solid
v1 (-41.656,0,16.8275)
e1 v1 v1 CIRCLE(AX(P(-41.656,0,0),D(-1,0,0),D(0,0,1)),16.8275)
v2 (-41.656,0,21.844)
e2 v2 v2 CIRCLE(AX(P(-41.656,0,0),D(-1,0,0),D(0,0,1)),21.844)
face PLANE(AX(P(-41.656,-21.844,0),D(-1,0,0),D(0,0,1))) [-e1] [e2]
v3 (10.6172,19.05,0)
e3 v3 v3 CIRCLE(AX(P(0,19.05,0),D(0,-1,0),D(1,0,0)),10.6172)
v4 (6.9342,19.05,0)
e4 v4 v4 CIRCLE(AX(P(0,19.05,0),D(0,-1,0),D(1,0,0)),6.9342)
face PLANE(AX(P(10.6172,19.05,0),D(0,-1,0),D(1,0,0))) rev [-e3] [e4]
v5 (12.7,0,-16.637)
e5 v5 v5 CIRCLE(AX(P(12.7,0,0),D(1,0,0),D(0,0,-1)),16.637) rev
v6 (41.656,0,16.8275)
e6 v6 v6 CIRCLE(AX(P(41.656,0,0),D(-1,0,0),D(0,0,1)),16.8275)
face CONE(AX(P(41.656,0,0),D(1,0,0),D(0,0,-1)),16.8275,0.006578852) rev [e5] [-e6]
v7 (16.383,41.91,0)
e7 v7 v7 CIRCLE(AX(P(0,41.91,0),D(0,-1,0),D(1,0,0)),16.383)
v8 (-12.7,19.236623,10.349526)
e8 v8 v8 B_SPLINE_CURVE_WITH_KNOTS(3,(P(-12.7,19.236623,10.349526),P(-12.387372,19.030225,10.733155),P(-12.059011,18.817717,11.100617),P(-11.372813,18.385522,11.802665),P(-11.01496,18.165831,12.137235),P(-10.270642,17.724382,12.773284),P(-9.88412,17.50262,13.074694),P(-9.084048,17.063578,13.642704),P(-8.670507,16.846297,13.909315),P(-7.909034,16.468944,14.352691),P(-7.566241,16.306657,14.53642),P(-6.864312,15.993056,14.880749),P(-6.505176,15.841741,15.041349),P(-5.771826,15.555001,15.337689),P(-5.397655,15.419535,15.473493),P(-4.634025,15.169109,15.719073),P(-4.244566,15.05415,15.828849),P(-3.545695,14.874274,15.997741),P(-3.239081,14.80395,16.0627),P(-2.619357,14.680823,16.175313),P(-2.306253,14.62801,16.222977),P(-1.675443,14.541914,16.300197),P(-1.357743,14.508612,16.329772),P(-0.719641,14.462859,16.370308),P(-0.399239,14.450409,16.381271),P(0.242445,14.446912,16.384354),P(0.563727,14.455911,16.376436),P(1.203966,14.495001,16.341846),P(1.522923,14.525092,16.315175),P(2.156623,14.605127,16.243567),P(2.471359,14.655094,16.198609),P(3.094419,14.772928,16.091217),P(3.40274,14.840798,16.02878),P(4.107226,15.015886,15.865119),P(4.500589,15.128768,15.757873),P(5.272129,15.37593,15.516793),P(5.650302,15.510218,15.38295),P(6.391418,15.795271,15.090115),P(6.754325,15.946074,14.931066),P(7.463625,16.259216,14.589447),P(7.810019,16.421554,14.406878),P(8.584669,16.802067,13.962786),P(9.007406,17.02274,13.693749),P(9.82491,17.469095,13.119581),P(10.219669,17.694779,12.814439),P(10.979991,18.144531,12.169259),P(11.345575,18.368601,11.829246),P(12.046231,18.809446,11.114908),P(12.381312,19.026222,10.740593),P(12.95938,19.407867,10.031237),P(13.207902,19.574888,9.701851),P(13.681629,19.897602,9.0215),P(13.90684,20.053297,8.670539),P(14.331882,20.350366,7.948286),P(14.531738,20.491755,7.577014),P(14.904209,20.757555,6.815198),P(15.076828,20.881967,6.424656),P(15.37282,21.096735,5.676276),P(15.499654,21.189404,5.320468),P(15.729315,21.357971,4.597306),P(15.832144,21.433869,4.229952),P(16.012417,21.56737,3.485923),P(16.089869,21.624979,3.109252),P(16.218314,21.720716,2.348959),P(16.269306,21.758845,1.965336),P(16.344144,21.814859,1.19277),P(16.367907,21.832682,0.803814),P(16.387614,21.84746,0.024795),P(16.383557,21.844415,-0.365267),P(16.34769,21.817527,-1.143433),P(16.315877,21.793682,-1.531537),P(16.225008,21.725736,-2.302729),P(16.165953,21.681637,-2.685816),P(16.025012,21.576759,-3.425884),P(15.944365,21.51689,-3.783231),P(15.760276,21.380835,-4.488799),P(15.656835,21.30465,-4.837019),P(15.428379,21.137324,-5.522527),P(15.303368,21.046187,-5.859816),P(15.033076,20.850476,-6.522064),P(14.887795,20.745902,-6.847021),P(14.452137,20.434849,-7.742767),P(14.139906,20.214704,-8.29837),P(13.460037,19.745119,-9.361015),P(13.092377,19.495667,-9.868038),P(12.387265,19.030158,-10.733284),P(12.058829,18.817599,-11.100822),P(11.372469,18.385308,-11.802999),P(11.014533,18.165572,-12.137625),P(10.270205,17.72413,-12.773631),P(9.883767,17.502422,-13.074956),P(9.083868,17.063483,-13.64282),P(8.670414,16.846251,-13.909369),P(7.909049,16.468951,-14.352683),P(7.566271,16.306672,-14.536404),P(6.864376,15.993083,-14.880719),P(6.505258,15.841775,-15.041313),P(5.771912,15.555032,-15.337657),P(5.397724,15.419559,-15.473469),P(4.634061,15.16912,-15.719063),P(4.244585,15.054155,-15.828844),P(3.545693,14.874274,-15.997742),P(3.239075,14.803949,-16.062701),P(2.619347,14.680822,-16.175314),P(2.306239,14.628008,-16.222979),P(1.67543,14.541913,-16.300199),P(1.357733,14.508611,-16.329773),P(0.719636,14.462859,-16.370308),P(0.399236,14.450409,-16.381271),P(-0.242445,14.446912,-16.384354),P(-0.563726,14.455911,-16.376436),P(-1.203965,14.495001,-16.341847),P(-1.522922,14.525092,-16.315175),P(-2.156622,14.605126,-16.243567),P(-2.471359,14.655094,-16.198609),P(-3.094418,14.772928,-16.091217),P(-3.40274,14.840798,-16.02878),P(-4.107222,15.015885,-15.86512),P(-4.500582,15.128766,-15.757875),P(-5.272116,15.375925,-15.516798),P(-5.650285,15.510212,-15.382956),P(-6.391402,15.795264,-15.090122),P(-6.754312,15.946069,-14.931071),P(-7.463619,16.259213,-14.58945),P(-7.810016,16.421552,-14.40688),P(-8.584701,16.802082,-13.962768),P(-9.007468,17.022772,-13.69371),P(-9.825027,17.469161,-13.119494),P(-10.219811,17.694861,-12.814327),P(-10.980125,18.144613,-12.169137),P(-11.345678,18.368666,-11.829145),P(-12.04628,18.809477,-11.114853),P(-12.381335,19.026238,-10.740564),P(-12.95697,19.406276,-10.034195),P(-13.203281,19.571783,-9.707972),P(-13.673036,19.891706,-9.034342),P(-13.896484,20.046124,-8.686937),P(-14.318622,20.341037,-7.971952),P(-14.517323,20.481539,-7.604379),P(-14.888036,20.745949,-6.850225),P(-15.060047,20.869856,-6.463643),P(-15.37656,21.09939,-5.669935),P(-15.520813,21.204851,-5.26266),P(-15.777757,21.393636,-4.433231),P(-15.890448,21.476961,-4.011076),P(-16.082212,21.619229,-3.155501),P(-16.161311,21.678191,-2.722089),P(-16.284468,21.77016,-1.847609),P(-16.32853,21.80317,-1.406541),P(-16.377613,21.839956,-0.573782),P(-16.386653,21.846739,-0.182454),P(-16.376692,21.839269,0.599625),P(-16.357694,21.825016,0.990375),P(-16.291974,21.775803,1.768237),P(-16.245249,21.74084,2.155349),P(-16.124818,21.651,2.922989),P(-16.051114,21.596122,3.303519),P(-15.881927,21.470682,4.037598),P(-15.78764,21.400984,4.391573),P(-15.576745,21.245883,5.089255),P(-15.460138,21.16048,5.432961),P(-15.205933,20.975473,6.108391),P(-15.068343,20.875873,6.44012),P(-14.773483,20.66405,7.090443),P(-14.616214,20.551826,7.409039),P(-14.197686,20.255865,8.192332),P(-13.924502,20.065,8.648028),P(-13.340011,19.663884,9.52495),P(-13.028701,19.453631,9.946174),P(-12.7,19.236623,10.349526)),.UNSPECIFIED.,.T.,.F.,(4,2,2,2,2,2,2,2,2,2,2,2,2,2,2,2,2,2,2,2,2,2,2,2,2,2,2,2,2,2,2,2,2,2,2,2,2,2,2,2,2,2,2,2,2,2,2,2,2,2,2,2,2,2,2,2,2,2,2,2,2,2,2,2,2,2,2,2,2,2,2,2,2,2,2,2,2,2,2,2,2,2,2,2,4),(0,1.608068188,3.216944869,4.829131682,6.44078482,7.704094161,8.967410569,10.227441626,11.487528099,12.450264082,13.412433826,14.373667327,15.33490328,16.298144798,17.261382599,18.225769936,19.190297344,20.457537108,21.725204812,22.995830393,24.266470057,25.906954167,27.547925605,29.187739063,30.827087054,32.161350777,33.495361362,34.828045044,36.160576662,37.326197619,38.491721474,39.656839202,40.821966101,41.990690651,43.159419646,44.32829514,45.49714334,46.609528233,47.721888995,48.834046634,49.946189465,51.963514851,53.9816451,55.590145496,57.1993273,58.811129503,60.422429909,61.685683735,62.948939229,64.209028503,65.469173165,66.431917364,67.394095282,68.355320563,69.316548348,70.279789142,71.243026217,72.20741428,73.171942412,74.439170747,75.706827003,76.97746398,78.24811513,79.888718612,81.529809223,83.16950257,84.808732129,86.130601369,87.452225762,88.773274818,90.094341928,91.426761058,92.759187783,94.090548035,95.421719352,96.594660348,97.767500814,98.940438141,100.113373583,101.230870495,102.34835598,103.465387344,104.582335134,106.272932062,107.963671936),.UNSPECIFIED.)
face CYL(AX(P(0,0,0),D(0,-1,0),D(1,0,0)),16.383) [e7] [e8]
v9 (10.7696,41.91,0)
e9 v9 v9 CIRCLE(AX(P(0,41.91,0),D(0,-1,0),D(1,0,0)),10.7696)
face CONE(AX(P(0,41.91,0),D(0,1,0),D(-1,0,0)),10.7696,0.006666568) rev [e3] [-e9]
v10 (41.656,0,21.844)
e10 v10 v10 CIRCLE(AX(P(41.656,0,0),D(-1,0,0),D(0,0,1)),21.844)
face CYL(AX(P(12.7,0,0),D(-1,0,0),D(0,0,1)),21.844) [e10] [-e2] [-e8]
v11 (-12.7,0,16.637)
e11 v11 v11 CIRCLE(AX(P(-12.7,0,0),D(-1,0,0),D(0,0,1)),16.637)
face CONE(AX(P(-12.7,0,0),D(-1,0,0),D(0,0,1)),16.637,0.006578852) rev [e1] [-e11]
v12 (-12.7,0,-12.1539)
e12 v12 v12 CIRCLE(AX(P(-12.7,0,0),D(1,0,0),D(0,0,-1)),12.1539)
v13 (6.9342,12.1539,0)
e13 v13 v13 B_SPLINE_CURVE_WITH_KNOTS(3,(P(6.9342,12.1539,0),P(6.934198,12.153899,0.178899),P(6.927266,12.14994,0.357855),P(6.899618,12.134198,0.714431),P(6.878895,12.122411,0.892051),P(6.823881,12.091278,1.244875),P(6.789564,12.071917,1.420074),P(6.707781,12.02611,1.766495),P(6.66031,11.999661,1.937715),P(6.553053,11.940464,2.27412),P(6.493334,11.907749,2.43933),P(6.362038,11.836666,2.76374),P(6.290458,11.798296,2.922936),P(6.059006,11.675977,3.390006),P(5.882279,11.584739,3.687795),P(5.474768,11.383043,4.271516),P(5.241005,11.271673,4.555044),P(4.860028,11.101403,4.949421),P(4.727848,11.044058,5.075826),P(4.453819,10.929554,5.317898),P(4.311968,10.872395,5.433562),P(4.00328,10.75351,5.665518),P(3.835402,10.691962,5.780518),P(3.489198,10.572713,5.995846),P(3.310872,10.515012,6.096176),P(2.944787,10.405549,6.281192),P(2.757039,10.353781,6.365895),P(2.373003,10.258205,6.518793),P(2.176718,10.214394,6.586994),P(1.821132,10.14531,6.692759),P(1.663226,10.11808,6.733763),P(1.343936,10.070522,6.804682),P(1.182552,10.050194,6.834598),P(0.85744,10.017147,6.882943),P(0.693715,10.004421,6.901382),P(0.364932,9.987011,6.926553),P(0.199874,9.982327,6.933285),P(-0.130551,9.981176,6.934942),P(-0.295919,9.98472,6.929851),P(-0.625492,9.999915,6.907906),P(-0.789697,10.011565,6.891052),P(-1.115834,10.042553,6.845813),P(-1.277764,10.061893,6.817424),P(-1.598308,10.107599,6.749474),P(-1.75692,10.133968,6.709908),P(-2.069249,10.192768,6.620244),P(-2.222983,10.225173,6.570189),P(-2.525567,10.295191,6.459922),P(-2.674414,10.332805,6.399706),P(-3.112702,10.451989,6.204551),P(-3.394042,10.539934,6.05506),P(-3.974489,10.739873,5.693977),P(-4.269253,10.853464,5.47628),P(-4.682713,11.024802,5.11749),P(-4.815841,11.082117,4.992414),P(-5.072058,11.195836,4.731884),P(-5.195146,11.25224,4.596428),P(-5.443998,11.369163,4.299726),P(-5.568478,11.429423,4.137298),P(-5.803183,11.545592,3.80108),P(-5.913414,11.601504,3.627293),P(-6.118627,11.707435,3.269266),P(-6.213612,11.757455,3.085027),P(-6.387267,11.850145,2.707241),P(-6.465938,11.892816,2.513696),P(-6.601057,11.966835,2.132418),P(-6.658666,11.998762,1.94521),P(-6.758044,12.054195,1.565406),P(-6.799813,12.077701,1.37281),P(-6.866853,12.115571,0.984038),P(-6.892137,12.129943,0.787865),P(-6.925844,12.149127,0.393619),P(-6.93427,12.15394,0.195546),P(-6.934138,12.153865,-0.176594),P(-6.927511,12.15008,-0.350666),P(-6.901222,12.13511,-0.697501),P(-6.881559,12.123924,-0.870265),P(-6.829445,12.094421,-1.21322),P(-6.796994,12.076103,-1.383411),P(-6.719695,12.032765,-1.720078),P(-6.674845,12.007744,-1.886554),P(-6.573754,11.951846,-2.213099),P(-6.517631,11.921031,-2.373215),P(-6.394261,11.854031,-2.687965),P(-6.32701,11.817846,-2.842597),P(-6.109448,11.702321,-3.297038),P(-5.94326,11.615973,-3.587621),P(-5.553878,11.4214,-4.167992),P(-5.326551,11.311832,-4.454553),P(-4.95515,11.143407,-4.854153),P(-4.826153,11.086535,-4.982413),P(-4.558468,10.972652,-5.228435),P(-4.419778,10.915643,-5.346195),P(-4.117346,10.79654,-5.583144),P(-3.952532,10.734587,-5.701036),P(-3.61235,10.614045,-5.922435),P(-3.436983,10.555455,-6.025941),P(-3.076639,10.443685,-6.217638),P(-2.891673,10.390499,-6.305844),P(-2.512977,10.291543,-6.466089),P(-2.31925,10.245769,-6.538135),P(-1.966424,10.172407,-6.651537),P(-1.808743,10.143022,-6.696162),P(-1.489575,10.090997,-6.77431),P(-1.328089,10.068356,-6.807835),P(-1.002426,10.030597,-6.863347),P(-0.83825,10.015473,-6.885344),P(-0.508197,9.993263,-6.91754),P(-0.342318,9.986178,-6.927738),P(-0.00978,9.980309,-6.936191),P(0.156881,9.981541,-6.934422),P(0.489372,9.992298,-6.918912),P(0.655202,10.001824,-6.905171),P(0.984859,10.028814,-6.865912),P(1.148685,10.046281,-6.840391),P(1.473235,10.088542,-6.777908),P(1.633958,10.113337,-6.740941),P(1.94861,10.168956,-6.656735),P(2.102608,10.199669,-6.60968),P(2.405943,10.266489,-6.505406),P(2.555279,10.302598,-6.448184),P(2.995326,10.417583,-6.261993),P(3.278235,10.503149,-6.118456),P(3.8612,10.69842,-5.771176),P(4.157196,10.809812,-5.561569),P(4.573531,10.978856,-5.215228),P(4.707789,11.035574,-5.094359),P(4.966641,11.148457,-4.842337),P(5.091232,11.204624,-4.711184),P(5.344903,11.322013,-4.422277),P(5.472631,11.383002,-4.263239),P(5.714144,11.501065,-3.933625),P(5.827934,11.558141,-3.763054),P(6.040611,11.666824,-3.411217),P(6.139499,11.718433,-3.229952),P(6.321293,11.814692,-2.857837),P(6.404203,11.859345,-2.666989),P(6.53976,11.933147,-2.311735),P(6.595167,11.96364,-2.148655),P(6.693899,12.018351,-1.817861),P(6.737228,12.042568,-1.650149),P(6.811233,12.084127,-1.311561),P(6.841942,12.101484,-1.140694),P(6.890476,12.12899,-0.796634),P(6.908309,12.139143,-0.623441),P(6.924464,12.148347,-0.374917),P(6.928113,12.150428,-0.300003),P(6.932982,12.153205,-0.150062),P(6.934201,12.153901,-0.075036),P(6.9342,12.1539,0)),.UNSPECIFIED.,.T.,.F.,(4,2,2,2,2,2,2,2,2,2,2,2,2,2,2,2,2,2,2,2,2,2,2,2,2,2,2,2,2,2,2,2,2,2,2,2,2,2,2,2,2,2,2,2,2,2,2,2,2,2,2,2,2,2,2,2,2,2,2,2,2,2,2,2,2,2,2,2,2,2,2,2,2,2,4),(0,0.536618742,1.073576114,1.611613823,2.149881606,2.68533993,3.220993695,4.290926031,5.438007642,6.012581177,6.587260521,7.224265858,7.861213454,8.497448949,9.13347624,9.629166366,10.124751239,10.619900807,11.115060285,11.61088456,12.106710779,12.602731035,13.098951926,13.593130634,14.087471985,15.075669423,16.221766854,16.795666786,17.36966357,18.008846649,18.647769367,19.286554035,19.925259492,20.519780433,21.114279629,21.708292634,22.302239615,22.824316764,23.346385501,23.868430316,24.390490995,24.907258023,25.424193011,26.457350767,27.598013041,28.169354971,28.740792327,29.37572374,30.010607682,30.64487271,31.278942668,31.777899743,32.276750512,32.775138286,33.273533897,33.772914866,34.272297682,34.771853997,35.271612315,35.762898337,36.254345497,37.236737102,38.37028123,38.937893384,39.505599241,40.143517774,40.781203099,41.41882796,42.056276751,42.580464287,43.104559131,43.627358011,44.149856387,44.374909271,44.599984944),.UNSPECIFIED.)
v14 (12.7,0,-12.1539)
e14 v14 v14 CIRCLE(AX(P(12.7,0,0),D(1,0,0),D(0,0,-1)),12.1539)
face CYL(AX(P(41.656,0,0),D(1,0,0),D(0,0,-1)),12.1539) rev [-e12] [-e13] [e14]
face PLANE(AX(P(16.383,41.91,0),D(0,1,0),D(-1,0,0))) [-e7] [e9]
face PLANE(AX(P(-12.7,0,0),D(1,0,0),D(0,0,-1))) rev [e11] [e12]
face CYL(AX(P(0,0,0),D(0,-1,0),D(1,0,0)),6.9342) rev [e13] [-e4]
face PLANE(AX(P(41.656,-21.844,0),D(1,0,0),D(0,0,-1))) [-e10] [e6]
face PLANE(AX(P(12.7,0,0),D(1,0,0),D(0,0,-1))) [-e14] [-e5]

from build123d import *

# Parameters (mm, degrees)
SKETCH4_R           = 21.844
BOSS_EXTRUDE1_DEPTH = 25.4
SKETCH5_R           = 16.383
BOSS_EXTRUDE2_DEPTH = 19.05


with BuildPart() as part:
    # Sketch1 → Revolve1 (revolve)
    with BuildSketch(Plane.XY, mode=Mode.PRIVATE) as revolve1_sk:
        Polygon((-41.656, -21.844), (-12.7, -21.844), (-12.7, -16.637), (-41.656, -16.8275), align=None)
        Polygon((41.656, -16.8275), (12.7, -16.637), (12.7, -21.844), (41.656, -21.844), align=None)
    revolve(revolve1_sk.sketch.rotate(Axis((-41.656, 0, 0), (1, 0, 0)), 270), axis=Axis((-41.656, 0, 0), (1, 0, 0)))



with BuildPart() as body_2:
    # Sketch2 → Revolve2 (revolve)
    with BuildSketch(Plane.XY):
        Polygon((10.7696, 41.91), (10.6172, 19.05), (16.383, 19.05), (16.383, 41.91), align=None)
    revolve(axis=Axis((0, 0, 0), (0, 1, 0)))


with BuildPart() as part_1:
    add(part.part)

    add(body_2.part)  # Boss-Extrude1 merges body 2
    # Sketch4 → Boss-Extrude1 (add)
    with BuildSketch(Plane(origin=(-12.7, 0, 0), x_dir=(0, 0, -1), z_dir=(1, 0, 0))):
        with Locations(Location((0, 0, 0), (0, 0, 180))):
            Circle(SKETCH4_R)
    extrude(amount=BOSS_EXTRUDE1_DEPTH)

    # Sketch5 → Boss-Extrude2 (add)
    with BuildSketch(Plane.XZ.offset(-19.05)):
        Circle(SKETCH5_R)
    extrude(amount=BOSS_EXTRUDE2_DEPTH)

    # Sketch6 → Cut-Revolve1 (revolve, cut)
    with BuildSketch(Plane.XY, mode=Mode.PRIVATE) as cut_revolve1_sk:
        Polygon((-41.656, -16.8275), (-12.7, -16.637), (-12.7, -12.1539), (12.7, -12.1539), (12.7, -16.637), (41.656, -16.8275), (41.656, 0), (-41.656, 0), align=None)
    revolve(cut_revolve1_sk.sketch.rotate(Axis((41.656, 0, 0), (-1, 0, 0)), 270), axis=Axis((41.656, 0, 0), (-1, 0, 0)), mode=Mode.SUBTRACT)

    # Sketch7 → Cut-Revolve2 (revolve, cut)
    with BuildSketch(Plane.XY):
        Polygon((10.7696, 41.91), (10.6172, 19.05), (6.9342, 19.05), (6.9342, 0), (0, 0), (0, 41.91), align=None)
    revolve(axis=Axis((0, 0, 0), (0, 1, 0)), mode=Mode.SUBTRACT)


solid = part_1.part
